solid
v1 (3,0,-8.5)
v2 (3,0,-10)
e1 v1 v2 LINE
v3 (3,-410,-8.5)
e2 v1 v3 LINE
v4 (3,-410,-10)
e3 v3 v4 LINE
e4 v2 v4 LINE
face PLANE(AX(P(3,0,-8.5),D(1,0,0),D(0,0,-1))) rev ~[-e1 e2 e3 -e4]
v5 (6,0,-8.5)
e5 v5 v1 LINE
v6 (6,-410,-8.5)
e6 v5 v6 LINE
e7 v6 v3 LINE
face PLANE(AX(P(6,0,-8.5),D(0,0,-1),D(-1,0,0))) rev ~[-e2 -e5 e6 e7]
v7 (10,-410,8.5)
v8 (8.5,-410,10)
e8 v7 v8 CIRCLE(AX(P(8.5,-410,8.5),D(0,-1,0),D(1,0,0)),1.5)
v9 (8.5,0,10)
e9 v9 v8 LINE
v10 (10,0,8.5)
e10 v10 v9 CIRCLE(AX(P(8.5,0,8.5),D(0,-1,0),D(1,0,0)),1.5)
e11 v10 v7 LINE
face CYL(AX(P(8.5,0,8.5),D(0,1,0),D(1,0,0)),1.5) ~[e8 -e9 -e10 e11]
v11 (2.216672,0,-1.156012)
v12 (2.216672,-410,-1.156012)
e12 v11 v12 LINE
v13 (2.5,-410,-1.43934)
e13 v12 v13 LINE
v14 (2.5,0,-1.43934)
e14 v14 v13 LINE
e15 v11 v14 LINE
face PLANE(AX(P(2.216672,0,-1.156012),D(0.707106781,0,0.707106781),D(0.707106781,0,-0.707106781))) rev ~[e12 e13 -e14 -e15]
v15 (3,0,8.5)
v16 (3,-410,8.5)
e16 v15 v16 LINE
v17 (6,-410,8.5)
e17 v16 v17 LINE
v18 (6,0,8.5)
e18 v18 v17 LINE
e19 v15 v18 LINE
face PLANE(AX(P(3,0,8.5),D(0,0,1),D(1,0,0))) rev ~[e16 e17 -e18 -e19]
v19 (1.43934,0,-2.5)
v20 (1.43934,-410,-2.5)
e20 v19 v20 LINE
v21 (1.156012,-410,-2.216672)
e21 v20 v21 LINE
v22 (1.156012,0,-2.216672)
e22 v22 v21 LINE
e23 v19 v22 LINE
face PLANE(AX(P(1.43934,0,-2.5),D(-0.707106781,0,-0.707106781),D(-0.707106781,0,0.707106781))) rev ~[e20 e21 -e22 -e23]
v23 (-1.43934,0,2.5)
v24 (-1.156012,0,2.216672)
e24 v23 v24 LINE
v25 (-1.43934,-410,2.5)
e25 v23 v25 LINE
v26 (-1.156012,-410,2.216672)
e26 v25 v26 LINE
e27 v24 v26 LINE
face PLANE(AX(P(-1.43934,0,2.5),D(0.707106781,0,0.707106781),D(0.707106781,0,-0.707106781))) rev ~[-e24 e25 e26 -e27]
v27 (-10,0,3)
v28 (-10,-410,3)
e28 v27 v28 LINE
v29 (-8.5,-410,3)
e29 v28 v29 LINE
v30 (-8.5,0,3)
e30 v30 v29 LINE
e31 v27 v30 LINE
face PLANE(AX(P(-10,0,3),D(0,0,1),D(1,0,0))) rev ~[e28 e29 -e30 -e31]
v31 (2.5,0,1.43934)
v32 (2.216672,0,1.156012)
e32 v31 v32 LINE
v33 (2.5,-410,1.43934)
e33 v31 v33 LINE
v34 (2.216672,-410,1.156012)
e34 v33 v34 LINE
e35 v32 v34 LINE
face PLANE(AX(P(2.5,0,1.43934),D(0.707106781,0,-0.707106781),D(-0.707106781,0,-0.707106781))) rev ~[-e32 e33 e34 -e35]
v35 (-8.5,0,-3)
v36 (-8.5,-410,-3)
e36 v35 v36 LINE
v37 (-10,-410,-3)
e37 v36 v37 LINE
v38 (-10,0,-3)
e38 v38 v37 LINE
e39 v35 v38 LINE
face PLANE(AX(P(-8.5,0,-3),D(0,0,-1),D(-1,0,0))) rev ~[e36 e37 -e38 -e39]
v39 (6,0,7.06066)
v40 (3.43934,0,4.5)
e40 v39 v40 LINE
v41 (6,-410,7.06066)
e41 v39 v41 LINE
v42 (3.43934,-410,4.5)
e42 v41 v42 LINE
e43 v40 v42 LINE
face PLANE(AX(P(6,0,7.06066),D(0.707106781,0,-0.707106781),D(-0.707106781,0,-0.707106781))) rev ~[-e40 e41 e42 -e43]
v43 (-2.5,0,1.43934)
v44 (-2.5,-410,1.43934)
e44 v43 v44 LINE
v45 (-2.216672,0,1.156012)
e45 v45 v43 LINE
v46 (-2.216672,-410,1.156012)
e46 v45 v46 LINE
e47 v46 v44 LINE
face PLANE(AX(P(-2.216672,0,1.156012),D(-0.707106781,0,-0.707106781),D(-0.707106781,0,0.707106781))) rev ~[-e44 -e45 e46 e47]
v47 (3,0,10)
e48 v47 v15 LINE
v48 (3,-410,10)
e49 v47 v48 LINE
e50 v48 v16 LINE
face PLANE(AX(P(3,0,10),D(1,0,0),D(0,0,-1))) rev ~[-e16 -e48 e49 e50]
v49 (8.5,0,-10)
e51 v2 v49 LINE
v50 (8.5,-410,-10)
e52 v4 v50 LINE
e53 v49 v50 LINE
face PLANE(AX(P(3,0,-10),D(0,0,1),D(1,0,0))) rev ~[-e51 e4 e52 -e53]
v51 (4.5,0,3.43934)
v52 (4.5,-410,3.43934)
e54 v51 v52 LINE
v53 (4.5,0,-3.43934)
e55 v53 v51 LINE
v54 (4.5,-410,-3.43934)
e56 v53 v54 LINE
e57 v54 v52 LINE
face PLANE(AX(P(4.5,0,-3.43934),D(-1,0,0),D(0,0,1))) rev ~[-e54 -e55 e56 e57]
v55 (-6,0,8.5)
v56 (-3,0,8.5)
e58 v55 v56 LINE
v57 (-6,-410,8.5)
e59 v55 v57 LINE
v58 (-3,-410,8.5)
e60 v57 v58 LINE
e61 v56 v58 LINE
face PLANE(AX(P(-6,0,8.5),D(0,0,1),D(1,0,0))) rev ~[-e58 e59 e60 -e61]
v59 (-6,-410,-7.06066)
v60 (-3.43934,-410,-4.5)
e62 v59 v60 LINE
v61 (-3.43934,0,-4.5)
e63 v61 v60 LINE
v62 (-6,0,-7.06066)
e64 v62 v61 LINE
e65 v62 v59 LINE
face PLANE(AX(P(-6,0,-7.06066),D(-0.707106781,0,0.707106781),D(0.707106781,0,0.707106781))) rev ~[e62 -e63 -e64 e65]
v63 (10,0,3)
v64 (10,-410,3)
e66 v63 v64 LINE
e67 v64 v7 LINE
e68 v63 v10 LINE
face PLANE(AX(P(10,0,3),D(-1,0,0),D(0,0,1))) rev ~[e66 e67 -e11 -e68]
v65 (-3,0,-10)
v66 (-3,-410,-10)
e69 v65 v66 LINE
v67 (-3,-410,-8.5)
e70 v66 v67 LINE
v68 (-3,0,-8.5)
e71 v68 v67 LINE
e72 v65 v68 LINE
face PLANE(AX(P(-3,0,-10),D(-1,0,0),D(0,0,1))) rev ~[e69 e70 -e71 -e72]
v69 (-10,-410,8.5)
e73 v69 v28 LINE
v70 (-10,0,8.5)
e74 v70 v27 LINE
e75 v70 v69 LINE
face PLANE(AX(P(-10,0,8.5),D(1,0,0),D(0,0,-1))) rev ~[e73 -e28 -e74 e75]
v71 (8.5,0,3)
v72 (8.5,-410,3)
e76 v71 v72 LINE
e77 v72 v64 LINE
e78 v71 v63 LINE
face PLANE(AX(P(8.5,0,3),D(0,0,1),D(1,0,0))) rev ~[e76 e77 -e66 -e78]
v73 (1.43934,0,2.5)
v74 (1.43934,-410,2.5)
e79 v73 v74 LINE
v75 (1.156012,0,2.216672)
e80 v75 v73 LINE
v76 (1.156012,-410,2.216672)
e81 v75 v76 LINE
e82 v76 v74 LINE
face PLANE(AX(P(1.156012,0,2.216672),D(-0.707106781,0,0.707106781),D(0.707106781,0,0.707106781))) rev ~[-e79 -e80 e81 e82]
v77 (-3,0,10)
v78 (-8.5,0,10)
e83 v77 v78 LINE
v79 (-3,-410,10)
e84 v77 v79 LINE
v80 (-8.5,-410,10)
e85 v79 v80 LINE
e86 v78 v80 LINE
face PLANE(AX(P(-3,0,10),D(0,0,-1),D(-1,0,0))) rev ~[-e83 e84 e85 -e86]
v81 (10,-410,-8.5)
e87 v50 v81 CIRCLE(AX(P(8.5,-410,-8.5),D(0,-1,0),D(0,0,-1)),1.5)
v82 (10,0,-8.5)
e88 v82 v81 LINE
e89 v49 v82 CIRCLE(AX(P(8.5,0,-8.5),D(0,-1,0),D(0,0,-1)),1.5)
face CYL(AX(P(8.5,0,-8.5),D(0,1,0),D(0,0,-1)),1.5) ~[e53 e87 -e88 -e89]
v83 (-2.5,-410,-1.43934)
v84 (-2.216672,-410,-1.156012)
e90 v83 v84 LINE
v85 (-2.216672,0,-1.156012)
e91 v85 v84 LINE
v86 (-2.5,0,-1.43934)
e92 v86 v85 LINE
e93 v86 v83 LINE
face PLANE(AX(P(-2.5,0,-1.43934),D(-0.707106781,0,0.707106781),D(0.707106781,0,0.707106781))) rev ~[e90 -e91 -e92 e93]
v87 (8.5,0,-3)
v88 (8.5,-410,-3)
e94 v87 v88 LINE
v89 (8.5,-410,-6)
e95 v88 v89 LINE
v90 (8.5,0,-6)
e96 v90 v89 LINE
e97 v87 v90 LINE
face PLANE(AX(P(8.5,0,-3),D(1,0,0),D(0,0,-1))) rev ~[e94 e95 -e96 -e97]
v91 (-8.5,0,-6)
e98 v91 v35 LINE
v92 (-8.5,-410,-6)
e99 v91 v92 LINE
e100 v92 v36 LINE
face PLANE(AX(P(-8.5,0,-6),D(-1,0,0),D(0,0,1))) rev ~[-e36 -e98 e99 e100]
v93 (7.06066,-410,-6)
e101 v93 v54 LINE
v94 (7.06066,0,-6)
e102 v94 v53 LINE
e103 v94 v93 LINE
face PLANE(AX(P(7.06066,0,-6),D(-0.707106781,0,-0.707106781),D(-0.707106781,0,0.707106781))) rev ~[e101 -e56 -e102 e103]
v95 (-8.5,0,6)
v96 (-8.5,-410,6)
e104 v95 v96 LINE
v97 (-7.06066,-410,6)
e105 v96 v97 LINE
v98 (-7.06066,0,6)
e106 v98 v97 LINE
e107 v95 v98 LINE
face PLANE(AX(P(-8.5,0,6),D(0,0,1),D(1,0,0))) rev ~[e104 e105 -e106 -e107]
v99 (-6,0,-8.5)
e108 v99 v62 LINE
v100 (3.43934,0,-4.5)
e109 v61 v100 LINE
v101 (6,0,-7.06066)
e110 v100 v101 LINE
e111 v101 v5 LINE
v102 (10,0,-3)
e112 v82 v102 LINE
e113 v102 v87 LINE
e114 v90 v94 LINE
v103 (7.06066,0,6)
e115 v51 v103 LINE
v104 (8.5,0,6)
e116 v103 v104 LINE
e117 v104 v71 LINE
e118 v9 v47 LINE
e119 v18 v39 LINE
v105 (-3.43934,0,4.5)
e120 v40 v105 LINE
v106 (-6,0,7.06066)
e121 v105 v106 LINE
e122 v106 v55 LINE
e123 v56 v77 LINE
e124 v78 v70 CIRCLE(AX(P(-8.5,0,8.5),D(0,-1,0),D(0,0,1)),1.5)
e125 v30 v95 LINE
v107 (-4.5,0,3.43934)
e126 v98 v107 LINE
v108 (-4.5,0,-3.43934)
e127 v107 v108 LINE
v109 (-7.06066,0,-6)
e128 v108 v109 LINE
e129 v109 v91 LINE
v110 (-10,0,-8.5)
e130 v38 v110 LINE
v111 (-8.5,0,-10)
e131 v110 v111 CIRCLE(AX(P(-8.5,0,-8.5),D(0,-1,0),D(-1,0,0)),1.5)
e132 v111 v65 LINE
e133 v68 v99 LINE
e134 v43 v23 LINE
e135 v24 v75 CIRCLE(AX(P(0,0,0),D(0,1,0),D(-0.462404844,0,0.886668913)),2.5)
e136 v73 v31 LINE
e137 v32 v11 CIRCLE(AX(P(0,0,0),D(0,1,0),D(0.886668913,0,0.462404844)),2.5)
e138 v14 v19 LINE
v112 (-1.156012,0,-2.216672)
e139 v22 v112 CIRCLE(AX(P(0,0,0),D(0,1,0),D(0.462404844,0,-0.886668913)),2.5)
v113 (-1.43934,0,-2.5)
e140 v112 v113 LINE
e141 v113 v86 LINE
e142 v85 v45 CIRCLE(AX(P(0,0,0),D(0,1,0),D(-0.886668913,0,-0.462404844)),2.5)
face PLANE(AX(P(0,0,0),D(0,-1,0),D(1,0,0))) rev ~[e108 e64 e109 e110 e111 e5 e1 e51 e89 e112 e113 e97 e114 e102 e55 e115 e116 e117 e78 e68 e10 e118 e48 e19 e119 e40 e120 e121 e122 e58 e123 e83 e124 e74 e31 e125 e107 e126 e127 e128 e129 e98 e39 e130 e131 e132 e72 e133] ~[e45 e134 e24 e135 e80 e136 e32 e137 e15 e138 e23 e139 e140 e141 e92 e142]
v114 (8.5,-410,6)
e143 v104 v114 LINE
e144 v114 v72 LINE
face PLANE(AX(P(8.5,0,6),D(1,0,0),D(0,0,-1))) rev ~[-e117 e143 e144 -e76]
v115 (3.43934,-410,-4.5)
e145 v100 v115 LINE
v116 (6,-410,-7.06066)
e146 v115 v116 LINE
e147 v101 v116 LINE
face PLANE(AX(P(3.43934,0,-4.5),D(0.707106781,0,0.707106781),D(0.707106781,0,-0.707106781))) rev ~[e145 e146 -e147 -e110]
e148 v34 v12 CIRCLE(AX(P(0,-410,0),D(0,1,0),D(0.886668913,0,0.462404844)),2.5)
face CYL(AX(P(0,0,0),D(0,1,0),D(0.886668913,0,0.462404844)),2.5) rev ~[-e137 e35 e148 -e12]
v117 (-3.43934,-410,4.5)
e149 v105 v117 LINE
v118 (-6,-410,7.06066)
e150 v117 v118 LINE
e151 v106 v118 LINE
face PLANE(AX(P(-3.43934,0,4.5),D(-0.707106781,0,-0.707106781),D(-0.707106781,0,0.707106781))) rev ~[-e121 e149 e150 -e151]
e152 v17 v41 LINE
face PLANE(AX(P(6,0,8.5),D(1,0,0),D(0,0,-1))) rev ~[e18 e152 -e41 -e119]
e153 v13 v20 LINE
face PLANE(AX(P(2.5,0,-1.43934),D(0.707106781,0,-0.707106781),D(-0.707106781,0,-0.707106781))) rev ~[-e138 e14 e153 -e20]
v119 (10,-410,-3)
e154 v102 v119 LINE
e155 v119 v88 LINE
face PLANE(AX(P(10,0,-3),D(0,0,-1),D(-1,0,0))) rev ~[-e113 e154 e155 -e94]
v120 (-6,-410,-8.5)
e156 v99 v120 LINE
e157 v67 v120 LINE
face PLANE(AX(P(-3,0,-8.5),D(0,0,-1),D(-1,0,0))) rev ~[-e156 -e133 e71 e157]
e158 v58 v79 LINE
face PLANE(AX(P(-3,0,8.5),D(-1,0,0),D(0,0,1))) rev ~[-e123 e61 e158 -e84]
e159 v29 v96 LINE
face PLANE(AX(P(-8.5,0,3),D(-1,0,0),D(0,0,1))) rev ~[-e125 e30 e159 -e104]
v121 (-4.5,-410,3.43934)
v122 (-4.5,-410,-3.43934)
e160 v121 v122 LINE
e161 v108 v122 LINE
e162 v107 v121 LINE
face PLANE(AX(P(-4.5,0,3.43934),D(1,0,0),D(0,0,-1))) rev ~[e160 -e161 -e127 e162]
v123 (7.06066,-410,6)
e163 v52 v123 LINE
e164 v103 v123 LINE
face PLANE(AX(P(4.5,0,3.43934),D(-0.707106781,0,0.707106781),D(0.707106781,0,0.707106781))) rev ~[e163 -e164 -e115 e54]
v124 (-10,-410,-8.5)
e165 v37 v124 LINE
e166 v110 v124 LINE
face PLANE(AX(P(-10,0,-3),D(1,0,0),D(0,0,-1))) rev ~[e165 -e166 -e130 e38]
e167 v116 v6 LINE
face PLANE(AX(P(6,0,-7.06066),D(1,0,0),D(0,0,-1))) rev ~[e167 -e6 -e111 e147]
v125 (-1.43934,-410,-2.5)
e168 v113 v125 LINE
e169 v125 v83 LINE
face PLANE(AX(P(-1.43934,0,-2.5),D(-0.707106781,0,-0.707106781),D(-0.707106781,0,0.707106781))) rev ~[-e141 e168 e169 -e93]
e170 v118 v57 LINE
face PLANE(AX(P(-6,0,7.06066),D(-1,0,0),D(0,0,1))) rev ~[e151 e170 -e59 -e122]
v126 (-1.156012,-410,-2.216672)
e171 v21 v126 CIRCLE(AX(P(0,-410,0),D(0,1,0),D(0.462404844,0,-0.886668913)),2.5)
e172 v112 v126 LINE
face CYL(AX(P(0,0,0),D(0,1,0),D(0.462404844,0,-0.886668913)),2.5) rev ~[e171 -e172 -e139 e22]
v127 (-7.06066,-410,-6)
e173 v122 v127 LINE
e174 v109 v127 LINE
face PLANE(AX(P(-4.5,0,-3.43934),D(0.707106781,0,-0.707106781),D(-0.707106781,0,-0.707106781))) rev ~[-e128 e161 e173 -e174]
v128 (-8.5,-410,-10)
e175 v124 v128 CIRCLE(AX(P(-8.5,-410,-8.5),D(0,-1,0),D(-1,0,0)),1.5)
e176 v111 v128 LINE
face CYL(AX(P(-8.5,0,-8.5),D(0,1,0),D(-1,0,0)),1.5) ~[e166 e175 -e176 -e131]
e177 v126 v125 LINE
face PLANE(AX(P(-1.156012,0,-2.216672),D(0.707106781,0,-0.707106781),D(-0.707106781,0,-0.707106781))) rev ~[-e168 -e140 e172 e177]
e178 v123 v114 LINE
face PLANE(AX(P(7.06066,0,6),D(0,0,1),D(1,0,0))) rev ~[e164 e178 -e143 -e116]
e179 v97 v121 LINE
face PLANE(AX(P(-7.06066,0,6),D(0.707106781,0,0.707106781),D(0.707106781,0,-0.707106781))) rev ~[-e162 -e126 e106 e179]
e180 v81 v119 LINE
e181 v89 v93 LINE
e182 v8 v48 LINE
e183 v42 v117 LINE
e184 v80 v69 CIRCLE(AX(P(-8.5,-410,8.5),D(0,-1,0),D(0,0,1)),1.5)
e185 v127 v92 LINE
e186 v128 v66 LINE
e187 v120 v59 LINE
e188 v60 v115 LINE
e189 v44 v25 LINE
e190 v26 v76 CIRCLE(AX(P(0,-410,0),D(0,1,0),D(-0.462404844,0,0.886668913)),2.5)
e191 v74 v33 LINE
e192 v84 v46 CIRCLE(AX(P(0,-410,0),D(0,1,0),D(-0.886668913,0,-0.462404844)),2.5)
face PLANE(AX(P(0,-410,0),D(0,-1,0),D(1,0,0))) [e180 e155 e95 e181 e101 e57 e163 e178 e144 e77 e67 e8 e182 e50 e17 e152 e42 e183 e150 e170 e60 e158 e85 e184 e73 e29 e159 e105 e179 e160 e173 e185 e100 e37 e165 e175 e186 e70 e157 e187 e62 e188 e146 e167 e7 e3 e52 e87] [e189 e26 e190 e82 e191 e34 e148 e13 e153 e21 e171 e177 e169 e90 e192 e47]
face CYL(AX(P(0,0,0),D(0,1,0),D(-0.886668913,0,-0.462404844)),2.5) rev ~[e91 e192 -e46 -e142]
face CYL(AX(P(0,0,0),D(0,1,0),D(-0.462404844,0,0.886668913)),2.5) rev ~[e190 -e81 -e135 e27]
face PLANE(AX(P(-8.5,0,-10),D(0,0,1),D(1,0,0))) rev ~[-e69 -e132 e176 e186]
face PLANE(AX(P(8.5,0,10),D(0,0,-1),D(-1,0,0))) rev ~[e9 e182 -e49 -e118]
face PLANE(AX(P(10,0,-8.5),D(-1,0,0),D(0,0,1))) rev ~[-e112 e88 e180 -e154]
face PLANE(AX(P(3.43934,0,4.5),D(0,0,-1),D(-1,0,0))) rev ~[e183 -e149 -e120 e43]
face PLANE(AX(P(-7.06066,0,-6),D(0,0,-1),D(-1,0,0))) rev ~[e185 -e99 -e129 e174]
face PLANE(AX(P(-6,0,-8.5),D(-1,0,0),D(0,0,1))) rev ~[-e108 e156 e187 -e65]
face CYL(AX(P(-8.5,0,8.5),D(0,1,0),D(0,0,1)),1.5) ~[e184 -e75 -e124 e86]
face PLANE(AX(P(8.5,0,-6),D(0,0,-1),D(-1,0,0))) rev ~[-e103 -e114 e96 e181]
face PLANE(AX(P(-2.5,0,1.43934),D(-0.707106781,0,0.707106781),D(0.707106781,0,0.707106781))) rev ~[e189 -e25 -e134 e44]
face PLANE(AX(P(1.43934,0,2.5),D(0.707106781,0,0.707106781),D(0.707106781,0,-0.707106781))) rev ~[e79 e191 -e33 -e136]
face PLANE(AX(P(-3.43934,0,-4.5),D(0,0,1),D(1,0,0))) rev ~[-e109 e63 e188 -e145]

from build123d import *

# Parameters (mm, degrees)
F1_DEPTH = 410


with BuildPart() as f1:
    # F0 (on Front) → F1 (new body)
    with BuildSketch(Plane.XZ):
        with BuildLine():
            Line((3, -10), (8.5, -10))
            ThreePointArc((8.5, -10), (9.5606601718, -9.5606601718), (10, -8.5))
            Line((10, -8.5), (10, -3))
            Line((10, -3), (8.5, -3))
            Line((8.5, -3), (8.5, -6))
            Line((8.5, -6), (7.0606601718, -6))
            Line((7.0606601718, -6), (4.5, -3.4393398282))
            Line((4.5, -3.4393398282), (4.5, 3.4393398282))
            Line((4.5, 3.4393398282), (7.0606601718, 6))
            Line((7.0606601718, 6), (8.5, 6))
            Line((8.5, 6), (8.5, 3))
            Line((8.5, 3), (10, 3))
            Line((10, 3), (10, 8.5))
            ThreePointArc((10, 8.5), (9.5606601718, 9.5606601718), (8.5, 10))
            Line((8.5, 10), (3, 10))
            Line((3, 10), (3, 8.5))
            Line((3, 8.5), (6, 8.5))
            Line((6, 8.5), (6, 7.0606601718))
            Line((6, 7.0606601718), (3.4393398282, 4.5))
            Line((3.4393398282, 4.5), (-3.4393398282, 4.5))
            Line((-3.4393398282, 4.5), (-6, 7.0606601718))
            Line((-6, 7.0606601718), (-6, 8.5))
            Line((-6, 8.5), (-3, 8.5))
            Line((-3, 8.5), (-3, 10))
            Line((-3, 10), (-8.5, 10))
            ThreePointArc((-8.5, 10), (-9.5606601718, 9.5606601718), (-10, 8.5))
            Line((-10, 8.5), (-10, 3))
            Line((-10, 3), (-8.5, 3))
            Line((-8.5, 3), (-8.5, 6))
            Line((-8.5, 6), (-7.0606601718, 6))
            Line((-7.0606601718, 6), (-4.5, 3.4393398282))
            Line((-4.5, 3.4393398282), (-4.5, -3.4393398282))
            Line((-4.5, -3.4393398282), (-7.0606601718, -6))
            Line((-7.0606601718, -6), (-8.5, -6))
            Line((-8.5, -6), (-8.5, -3))
            Line((-8.5, -3), (-10, -3))
            Line((-10, -3), (-10, -8.5))
            ThreePointArc((-10, -8.5), (-9.5606601718, -9.5606601718), (-8.5, -10))
            Line((-8.5, -10), (-3, -10))
            Line((-3, -10), (-3, -8.5))
            Line((-3, -8.5), (-6, -8.5))
            Line((-6, -8.5), (-6, -7.0606601718))
            Line((-6, -7.0606601718), (-3.4393398282, -4.5))
            Line((-3.4393398282, -4.5), (3.4393398282, -4.5))
            Line((3.4393398282, -4.5), (6, -7.0606601718))
            Line((6, -7.0606601718), (6, -8.5))
            Line((6, -8.5), (3, -8.5))
            Line((3, -8.5), (3, -10))
        make_face()
        with BuildLine():
            ThreePointArc((-1.1560121095, 2.2166722813), (0, 2.5), (1.1560121095, 2.2166722813))
            Line((1.1560121095, 2.2166722813), (1.4393398282, 2.5))
            Line((1.4393398282, 2.5), (2.5, 1.4393398282))
            Line((2.5, 1.4393398282), (2.2166722813, 1.1560121095))
            ThreePointArc((2.2166722813, 1.1560121095), (2.5, 0), (2.2166722813, -1.1560121095))
            Line((2.2166722813, -1.1560121095), (2.5, -1.4393398282))
            Line((2.5, -1.4393398282), (1.4393398282, -2.5))
            Line((1.4393398282, -2.5), (1.1560121095, -2.2166722813))
            ThreePointArc((1.1560121095, -2.2166722813), (0, -2.5), (-1.1560121095, -2.2166722813))
            Line((-1.1560121095, -2.2166722813), (-1.4393398282, -2.5))
            Line((-1.4393398282, -2.5), (-2.5, -1.4393398282))
            Line((-2.5, -1.4393398282), (-2.2166722813, -1.1560121095))
            ThreePointArc((-2.2166722813, -1.1560121095), (-2.5, 0), (-2.2166722813, 1.1560121095))
            Line((-2.2166722813, 1.1560121095), (-2.5, 1.4393398282))
            Line((-2.5, 1.4393398282), (-1.4393398282, 2.5))
            Line((-1.4393398282, 2.5), (-1.1560121095, 2.2166722813))
        make_face(mode=Mode.SUBTRACT)
    extrude(amount=F1_DEPTH)


solid = f1.part
